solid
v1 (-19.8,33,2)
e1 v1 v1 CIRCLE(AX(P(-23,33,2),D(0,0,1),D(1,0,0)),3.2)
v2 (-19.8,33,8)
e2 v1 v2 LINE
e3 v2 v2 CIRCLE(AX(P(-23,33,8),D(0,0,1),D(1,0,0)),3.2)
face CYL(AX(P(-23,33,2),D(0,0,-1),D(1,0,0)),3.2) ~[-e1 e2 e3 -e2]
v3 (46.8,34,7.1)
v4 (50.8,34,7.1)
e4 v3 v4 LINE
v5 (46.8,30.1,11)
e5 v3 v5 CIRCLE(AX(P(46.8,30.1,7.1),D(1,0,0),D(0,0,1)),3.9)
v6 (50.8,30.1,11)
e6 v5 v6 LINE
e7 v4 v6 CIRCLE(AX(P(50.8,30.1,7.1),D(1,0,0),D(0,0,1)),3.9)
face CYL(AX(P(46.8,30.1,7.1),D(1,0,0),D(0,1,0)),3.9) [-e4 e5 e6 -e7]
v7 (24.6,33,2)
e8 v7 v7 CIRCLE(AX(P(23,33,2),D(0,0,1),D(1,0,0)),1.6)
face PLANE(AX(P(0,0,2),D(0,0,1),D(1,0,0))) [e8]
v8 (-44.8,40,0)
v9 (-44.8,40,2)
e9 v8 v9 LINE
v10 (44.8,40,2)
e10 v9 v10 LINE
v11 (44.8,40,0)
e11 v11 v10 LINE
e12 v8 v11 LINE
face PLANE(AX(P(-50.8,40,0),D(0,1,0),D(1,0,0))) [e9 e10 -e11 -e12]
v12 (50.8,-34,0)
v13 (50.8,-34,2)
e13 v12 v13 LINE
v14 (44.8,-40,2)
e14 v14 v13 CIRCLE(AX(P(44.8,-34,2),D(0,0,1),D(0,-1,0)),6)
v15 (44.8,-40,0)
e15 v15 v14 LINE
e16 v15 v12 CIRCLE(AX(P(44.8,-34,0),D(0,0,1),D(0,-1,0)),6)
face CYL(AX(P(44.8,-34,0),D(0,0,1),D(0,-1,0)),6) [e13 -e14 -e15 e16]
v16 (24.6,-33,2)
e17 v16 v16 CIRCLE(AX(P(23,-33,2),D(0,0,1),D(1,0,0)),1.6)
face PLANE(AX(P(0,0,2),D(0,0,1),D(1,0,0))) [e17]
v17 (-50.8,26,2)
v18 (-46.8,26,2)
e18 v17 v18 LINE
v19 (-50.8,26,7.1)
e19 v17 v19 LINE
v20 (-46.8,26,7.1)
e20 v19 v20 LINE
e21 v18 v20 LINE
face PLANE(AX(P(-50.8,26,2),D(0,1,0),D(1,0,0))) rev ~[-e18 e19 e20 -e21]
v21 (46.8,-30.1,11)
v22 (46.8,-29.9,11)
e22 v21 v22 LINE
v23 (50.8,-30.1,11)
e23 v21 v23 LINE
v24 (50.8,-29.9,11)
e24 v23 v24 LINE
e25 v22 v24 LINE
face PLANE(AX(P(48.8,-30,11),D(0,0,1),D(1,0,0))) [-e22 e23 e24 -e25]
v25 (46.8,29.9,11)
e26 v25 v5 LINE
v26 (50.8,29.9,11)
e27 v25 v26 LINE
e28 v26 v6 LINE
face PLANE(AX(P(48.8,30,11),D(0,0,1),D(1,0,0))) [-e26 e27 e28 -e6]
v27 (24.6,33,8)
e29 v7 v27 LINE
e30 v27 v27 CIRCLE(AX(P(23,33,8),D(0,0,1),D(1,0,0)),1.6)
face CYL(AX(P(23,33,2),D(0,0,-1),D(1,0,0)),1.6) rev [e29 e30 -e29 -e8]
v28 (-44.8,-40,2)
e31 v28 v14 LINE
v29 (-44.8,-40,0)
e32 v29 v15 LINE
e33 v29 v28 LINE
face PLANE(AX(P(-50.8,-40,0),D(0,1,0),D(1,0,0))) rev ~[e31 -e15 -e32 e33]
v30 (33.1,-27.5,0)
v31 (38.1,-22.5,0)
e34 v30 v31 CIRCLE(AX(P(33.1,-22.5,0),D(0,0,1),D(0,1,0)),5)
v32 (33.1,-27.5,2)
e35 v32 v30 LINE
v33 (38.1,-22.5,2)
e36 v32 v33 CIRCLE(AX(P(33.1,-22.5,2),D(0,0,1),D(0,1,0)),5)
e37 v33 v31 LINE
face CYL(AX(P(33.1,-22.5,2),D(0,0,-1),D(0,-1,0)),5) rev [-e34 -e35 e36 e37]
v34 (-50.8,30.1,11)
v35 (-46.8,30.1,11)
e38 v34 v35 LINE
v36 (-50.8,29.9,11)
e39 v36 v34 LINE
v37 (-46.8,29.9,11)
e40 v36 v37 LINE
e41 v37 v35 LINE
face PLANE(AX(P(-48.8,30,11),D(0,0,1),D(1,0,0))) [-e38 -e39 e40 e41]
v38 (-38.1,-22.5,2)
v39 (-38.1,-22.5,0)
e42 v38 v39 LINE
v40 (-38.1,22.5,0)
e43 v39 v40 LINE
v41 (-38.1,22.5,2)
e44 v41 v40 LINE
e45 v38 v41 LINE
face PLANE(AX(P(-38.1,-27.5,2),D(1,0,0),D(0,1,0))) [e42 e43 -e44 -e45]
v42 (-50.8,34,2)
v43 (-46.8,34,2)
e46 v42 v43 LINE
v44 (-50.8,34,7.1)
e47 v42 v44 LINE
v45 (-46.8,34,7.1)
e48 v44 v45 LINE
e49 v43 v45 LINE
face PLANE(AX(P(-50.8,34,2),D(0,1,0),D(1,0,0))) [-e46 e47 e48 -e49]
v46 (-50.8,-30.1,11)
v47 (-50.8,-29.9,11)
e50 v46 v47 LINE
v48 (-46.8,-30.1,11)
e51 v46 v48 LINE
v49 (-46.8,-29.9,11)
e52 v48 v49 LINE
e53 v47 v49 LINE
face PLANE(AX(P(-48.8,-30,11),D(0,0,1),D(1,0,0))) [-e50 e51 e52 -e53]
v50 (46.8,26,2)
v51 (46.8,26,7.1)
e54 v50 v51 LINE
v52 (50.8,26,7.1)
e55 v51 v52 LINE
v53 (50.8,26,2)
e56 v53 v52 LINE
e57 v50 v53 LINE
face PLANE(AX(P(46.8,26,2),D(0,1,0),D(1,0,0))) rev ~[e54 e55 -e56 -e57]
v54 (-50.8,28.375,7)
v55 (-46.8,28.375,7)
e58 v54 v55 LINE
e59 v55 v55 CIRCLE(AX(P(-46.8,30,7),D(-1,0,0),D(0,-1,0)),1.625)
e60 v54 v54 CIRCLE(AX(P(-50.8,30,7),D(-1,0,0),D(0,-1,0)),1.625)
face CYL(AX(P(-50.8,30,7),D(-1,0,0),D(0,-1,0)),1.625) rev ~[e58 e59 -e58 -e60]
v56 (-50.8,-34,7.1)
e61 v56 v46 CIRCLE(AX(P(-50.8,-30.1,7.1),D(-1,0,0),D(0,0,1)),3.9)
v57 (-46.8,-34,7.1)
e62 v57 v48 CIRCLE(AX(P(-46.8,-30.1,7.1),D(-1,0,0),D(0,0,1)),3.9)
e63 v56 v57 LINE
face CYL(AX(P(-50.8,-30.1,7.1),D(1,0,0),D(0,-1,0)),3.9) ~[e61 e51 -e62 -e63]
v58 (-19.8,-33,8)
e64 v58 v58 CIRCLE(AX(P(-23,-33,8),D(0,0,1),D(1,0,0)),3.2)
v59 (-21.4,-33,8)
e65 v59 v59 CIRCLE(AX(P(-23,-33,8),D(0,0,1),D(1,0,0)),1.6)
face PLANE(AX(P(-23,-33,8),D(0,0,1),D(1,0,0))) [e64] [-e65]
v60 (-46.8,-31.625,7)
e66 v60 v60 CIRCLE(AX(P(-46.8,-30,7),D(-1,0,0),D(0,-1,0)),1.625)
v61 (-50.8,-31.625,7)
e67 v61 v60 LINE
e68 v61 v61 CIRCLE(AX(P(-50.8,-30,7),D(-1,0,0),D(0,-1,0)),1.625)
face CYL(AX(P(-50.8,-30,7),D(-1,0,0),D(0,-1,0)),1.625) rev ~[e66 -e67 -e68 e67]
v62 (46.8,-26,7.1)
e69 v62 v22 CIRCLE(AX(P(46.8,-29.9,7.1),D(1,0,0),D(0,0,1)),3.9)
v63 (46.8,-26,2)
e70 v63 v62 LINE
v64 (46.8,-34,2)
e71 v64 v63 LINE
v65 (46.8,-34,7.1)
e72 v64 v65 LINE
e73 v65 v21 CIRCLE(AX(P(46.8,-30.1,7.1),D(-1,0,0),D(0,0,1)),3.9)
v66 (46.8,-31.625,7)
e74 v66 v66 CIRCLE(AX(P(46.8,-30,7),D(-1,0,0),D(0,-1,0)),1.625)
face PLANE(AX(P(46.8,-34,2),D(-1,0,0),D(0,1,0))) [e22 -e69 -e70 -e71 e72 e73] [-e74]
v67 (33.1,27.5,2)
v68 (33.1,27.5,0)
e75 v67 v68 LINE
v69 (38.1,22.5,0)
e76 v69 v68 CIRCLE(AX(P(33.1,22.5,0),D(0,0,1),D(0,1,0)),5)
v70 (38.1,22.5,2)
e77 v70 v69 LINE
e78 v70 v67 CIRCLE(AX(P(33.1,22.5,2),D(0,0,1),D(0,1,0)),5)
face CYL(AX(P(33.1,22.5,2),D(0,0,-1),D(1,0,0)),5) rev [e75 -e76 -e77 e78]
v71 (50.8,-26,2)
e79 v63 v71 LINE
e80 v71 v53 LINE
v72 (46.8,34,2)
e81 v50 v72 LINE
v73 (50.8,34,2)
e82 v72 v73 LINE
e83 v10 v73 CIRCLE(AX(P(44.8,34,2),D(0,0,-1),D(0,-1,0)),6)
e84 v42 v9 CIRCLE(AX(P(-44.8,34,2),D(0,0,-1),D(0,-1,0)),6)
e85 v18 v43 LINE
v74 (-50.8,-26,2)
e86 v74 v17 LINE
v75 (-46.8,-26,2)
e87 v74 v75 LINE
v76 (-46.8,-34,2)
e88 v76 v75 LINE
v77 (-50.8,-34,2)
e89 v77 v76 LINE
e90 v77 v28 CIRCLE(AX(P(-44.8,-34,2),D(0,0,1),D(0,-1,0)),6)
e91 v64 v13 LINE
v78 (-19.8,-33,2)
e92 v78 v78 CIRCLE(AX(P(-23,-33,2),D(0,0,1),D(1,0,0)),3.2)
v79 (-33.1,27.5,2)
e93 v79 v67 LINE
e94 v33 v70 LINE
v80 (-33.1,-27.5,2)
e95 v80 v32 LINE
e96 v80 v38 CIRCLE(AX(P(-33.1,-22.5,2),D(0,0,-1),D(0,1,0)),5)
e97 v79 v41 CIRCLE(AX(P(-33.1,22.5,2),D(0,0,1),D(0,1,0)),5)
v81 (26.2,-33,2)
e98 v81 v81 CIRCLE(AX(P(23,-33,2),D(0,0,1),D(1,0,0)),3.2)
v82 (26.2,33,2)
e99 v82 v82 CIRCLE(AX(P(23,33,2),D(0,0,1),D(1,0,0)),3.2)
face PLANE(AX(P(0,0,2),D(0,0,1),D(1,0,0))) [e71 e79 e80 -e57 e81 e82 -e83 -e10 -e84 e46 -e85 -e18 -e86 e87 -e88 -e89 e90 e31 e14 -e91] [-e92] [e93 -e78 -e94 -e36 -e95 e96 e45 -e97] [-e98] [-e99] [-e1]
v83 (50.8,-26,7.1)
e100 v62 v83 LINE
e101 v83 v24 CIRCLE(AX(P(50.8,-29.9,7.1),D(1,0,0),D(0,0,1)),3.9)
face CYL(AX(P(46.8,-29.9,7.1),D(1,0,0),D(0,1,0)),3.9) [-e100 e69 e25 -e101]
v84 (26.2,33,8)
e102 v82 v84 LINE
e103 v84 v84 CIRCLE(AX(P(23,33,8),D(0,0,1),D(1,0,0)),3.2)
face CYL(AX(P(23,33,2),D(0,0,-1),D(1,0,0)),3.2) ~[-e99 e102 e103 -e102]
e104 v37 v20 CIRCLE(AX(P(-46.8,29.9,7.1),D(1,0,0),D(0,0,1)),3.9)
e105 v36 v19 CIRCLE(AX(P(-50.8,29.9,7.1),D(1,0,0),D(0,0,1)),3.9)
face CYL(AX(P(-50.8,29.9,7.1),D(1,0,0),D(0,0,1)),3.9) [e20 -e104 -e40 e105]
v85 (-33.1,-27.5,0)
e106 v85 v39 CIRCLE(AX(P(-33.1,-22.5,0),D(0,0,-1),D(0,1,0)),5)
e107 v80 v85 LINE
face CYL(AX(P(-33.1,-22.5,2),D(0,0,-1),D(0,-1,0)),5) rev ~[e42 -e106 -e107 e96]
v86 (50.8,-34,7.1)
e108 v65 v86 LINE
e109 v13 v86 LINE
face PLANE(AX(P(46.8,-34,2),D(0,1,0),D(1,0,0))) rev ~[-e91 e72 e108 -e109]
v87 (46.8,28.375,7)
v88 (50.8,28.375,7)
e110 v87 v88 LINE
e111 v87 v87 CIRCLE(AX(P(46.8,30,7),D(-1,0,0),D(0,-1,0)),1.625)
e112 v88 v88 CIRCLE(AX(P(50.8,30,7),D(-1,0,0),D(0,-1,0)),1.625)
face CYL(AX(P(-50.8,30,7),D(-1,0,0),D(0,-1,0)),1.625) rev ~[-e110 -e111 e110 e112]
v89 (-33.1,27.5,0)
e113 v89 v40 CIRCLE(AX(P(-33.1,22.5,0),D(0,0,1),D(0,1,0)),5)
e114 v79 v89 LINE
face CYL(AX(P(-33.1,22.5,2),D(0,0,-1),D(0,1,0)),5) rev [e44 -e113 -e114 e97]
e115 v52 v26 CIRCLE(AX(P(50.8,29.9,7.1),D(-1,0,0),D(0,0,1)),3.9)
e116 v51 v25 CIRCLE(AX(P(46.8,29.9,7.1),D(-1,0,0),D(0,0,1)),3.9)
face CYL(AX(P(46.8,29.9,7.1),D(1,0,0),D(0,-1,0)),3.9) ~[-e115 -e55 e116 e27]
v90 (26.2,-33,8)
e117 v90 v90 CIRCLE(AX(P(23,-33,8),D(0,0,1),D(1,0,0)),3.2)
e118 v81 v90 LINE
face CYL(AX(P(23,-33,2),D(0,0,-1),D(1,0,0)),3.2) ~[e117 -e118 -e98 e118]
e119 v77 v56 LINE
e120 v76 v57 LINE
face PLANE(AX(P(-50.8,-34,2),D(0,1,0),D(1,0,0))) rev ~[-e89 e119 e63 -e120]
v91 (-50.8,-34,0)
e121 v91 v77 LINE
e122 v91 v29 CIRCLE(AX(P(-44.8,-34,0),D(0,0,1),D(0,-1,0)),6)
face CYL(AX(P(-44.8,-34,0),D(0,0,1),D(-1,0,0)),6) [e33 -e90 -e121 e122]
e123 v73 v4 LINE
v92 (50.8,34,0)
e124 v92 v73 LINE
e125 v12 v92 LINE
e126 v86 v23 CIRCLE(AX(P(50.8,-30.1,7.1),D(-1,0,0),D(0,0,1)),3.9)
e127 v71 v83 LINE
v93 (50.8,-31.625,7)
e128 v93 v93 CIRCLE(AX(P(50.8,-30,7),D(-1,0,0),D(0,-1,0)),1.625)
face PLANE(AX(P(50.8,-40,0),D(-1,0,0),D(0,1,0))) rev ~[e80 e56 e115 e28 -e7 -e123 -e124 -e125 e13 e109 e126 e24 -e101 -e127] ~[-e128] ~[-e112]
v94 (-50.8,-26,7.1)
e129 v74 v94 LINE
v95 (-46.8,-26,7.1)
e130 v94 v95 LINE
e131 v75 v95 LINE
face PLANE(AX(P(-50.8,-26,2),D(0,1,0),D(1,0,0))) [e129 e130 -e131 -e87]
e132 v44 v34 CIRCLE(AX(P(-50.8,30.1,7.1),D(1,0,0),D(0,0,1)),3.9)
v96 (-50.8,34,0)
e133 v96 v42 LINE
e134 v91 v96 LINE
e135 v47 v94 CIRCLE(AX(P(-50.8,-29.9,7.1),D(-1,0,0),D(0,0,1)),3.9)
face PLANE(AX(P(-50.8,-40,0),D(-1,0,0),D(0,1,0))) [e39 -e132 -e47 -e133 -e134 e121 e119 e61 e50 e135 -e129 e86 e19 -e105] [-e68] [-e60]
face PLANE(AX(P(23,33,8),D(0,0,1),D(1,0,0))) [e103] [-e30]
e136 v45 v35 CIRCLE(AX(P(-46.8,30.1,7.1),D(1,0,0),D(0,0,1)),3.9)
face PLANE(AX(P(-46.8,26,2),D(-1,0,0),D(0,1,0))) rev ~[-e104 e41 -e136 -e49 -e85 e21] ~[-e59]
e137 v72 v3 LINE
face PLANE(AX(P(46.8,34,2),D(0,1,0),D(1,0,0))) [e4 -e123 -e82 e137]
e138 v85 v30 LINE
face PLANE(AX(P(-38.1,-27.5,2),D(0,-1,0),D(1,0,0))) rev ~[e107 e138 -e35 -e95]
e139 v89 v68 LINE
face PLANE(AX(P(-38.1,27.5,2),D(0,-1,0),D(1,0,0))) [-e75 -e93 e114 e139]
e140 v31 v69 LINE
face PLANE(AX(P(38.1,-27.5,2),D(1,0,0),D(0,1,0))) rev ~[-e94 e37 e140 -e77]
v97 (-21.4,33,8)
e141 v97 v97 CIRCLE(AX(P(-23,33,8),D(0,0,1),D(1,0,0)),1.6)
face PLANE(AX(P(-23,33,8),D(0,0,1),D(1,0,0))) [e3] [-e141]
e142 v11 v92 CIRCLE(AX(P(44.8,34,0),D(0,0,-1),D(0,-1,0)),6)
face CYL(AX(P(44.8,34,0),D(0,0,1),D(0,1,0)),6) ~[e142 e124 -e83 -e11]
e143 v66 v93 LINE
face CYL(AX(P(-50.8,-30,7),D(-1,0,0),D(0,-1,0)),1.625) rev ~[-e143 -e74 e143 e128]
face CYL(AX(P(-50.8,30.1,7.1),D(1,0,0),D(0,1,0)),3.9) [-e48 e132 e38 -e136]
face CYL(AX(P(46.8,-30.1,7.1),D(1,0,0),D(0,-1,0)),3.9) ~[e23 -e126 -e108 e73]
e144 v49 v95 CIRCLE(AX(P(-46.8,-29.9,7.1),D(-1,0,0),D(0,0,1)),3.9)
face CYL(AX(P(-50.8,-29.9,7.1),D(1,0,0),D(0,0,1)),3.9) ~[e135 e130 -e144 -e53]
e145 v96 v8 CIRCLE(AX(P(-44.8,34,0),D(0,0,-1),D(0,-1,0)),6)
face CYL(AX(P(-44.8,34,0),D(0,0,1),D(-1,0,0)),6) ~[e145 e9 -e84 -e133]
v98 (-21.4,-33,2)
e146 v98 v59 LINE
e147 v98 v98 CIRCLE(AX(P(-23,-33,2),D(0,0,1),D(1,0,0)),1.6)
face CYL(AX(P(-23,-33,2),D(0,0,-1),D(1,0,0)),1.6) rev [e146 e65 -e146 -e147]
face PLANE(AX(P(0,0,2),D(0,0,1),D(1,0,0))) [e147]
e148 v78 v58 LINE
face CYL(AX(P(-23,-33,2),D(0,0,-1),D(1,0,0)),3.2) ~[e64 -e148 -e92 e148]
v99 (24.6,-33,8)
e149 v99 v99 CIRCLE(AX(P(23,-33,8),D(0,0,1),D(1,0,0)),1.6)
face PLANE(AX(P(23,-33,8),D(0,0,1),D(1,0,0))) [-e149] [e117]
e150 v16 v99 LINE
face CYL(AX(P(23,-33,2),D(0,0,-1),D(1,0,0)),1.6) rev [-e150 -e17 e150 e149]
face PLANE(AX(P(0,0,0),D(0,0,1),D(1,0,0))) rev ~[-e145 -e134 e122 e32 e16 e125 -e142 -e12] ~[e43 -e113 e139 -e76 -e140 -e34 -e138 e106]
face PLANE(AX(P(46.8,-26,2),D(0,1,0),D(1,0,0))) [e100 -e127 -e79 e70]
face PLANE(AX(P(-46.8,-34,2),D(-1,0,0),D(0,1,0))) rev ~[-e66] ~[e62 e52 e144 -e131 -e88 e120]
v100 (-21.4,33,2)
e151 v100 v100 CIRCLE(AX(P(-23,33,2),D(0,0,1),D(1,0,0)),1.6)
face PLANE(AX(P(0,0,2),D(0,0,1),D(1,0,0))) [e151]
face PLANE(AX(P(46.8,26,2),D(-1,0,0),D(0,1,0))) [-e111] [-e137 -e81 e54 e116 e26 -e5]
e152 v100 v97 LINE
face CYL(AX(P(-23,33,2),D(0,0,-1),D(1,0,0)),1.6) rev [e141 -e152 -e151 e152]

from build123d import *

# Parameters (mm, degrees)
SKETCH_W        = 101.6
SKETCH_H        = 80
PAD_DEPTH       = 2
SKETCH001_W     = 4
SKETCH001_H     = 8
PAD001_DEPTH    = 9
SKETCH002_R     = 1.625
POCKET_DEPTH    = 101.6
SKETCH003_R     = 1.625
POCKET001_DEPTH = 101.6
SKETCH004_R     = 3.2
SKETCH004_R_2   = 1.6
PAD002_DEPTH    = 6
SKETCH005_W     = 76.2
SKETCH005_H     = 55
POCKET002_DEPTH = 4
FILLET_R        = 3.9
FILLET001_R     = 6
FILLET002_R     = 5


with BuildPart() as part:
    # Sketch → Pad (new body)
    with BuildSketch(Plane.XY):
        Rectangle(SKETCH_W, SKETCH_H)
    extrude(amount=PAD_DEPTH)

    # Sketch001 (on Face6 of Pad) → Pad001 (join)
    with BuildSketch(Plane.XY.offset(2)):
        with Locations((-48.8, 30)):
            Rectangle(SKETCH001_W, SKETCH001_H)
        with Locations((48.8, 30)):
            Rectangle(SKETCH001_W, SKETCH001_H)
        with Locations((48.8, -30)):
            Rectangle(SKETCH001_W, SKETCH001_H)
        with Locations((-48.8, -30)):
            Rectangle(SKETCH001_W, SKETCH001_H)
    extrude(amount=PAD001_DEPTH)

    # Sketch002 (on Face8 of Pad001) → Pocket (cut)
    with BuildSketch(Plane(origin=(-50.8, 0, 0), x_dir=(0, -1, 0), z_dir=(-1, 0, 0))):
        with Locations((-30, 7)):
            Circle(SKETCH002_R)
    extrude(amount=-POCKET_DEPTH, mode=Mode.SUBTRACT)

    # Sketch003 (on Face7 of Pocket) → Pocket001 (cut)
    with BuildSketch(Plane(origin=(-50.8, 0, 0), x_dir=(0, -1, 0), z_dir=(-1, 0, 0))):
        with Locations((30, 7)):
            Circle(SKETCH003_R)
    extrude(amount=-POCKET001_DEPTH, mode=Mode.SUBTRACT)

    # Sketch004 (on Face5 of Pocket001) → Pad002 (join)
    with BuildSketch(Plane.XY.offset(2)):
        with Locations((-23, 33)):
            Circle(SKETCH004_R)
        with Locations((-23, 33)):
            Circle(SKETCH004_R_2, mode=Mode.SUBTRACT)
        with Locations((23, 33)):
            Circle(SKETCH004_R)
        with Locations((23, 33)):
            Circle(SKETCH004_R_2, mode=Mode.SUBTRACT)
        with Locations((23, -33)):
            Circle(SKETCH004_R)
        with Locations((23, -33)):
            Circle(SKETCH004_R_2, mode=Mode.SUBTRACT)
        with Locations((-23, -33)):
            Circle(SKETCH004_R)
        with Locations((-23, -33)):
            Circle(SKETCH004_R_2, mode=Mode.SUBTRACT)
    extrude(amount=PAD002_DEPTH)

    # Sketch005 (on Face5 of Pad002) → Pocket002 (cut)
    with BuildSketch(Plane.XY.offset(2)):
        Rectangle(SKETCH005_W, SKETCH005_H)
    extrude(amount=-POCKET002_DEPTH, mode=Mode.SUBTRACT)

    # Fillet
    fillet_edges = [part.edges().sort_by_distance(p)[0] for p in [
        (48.8, -34, 11),
        (48.8, -26, 11),
        (48.8, 26, 11),
        (48.8, 34, 11),
        (-48.8, 34, 11),
        (-48.8, 26, 11),
        (-48.8, -26, 11),
        (-48.8, -34, 11),
    ]]
    fillet(fillet_edges, radius=FILLET_R)

    # Fillet001
    fillet001_edges = [part.edges().sort_by_distance(p)[0] for p in [
        (-50.8, -40, 1),
        (50.8, -40, 1),
        (-50.8, 40, 1),
        (50.8, 40, 1),
    ]]
    fillet(fillet001_edges, radius=FILLET001_R)

    # Fillet002
    fillet002_edges = [part.edges().sort_by_distance(p)[0] for p in [
        (38.1, 27.5, 1),
        (38.1, -27.5, 1),
        (-38.1, 27.5, 1),
        (-38.1, -27.5, 1),
    ]]
    fillet(fillet002_edges, radius=FILLET002_R)


solid = part.part
